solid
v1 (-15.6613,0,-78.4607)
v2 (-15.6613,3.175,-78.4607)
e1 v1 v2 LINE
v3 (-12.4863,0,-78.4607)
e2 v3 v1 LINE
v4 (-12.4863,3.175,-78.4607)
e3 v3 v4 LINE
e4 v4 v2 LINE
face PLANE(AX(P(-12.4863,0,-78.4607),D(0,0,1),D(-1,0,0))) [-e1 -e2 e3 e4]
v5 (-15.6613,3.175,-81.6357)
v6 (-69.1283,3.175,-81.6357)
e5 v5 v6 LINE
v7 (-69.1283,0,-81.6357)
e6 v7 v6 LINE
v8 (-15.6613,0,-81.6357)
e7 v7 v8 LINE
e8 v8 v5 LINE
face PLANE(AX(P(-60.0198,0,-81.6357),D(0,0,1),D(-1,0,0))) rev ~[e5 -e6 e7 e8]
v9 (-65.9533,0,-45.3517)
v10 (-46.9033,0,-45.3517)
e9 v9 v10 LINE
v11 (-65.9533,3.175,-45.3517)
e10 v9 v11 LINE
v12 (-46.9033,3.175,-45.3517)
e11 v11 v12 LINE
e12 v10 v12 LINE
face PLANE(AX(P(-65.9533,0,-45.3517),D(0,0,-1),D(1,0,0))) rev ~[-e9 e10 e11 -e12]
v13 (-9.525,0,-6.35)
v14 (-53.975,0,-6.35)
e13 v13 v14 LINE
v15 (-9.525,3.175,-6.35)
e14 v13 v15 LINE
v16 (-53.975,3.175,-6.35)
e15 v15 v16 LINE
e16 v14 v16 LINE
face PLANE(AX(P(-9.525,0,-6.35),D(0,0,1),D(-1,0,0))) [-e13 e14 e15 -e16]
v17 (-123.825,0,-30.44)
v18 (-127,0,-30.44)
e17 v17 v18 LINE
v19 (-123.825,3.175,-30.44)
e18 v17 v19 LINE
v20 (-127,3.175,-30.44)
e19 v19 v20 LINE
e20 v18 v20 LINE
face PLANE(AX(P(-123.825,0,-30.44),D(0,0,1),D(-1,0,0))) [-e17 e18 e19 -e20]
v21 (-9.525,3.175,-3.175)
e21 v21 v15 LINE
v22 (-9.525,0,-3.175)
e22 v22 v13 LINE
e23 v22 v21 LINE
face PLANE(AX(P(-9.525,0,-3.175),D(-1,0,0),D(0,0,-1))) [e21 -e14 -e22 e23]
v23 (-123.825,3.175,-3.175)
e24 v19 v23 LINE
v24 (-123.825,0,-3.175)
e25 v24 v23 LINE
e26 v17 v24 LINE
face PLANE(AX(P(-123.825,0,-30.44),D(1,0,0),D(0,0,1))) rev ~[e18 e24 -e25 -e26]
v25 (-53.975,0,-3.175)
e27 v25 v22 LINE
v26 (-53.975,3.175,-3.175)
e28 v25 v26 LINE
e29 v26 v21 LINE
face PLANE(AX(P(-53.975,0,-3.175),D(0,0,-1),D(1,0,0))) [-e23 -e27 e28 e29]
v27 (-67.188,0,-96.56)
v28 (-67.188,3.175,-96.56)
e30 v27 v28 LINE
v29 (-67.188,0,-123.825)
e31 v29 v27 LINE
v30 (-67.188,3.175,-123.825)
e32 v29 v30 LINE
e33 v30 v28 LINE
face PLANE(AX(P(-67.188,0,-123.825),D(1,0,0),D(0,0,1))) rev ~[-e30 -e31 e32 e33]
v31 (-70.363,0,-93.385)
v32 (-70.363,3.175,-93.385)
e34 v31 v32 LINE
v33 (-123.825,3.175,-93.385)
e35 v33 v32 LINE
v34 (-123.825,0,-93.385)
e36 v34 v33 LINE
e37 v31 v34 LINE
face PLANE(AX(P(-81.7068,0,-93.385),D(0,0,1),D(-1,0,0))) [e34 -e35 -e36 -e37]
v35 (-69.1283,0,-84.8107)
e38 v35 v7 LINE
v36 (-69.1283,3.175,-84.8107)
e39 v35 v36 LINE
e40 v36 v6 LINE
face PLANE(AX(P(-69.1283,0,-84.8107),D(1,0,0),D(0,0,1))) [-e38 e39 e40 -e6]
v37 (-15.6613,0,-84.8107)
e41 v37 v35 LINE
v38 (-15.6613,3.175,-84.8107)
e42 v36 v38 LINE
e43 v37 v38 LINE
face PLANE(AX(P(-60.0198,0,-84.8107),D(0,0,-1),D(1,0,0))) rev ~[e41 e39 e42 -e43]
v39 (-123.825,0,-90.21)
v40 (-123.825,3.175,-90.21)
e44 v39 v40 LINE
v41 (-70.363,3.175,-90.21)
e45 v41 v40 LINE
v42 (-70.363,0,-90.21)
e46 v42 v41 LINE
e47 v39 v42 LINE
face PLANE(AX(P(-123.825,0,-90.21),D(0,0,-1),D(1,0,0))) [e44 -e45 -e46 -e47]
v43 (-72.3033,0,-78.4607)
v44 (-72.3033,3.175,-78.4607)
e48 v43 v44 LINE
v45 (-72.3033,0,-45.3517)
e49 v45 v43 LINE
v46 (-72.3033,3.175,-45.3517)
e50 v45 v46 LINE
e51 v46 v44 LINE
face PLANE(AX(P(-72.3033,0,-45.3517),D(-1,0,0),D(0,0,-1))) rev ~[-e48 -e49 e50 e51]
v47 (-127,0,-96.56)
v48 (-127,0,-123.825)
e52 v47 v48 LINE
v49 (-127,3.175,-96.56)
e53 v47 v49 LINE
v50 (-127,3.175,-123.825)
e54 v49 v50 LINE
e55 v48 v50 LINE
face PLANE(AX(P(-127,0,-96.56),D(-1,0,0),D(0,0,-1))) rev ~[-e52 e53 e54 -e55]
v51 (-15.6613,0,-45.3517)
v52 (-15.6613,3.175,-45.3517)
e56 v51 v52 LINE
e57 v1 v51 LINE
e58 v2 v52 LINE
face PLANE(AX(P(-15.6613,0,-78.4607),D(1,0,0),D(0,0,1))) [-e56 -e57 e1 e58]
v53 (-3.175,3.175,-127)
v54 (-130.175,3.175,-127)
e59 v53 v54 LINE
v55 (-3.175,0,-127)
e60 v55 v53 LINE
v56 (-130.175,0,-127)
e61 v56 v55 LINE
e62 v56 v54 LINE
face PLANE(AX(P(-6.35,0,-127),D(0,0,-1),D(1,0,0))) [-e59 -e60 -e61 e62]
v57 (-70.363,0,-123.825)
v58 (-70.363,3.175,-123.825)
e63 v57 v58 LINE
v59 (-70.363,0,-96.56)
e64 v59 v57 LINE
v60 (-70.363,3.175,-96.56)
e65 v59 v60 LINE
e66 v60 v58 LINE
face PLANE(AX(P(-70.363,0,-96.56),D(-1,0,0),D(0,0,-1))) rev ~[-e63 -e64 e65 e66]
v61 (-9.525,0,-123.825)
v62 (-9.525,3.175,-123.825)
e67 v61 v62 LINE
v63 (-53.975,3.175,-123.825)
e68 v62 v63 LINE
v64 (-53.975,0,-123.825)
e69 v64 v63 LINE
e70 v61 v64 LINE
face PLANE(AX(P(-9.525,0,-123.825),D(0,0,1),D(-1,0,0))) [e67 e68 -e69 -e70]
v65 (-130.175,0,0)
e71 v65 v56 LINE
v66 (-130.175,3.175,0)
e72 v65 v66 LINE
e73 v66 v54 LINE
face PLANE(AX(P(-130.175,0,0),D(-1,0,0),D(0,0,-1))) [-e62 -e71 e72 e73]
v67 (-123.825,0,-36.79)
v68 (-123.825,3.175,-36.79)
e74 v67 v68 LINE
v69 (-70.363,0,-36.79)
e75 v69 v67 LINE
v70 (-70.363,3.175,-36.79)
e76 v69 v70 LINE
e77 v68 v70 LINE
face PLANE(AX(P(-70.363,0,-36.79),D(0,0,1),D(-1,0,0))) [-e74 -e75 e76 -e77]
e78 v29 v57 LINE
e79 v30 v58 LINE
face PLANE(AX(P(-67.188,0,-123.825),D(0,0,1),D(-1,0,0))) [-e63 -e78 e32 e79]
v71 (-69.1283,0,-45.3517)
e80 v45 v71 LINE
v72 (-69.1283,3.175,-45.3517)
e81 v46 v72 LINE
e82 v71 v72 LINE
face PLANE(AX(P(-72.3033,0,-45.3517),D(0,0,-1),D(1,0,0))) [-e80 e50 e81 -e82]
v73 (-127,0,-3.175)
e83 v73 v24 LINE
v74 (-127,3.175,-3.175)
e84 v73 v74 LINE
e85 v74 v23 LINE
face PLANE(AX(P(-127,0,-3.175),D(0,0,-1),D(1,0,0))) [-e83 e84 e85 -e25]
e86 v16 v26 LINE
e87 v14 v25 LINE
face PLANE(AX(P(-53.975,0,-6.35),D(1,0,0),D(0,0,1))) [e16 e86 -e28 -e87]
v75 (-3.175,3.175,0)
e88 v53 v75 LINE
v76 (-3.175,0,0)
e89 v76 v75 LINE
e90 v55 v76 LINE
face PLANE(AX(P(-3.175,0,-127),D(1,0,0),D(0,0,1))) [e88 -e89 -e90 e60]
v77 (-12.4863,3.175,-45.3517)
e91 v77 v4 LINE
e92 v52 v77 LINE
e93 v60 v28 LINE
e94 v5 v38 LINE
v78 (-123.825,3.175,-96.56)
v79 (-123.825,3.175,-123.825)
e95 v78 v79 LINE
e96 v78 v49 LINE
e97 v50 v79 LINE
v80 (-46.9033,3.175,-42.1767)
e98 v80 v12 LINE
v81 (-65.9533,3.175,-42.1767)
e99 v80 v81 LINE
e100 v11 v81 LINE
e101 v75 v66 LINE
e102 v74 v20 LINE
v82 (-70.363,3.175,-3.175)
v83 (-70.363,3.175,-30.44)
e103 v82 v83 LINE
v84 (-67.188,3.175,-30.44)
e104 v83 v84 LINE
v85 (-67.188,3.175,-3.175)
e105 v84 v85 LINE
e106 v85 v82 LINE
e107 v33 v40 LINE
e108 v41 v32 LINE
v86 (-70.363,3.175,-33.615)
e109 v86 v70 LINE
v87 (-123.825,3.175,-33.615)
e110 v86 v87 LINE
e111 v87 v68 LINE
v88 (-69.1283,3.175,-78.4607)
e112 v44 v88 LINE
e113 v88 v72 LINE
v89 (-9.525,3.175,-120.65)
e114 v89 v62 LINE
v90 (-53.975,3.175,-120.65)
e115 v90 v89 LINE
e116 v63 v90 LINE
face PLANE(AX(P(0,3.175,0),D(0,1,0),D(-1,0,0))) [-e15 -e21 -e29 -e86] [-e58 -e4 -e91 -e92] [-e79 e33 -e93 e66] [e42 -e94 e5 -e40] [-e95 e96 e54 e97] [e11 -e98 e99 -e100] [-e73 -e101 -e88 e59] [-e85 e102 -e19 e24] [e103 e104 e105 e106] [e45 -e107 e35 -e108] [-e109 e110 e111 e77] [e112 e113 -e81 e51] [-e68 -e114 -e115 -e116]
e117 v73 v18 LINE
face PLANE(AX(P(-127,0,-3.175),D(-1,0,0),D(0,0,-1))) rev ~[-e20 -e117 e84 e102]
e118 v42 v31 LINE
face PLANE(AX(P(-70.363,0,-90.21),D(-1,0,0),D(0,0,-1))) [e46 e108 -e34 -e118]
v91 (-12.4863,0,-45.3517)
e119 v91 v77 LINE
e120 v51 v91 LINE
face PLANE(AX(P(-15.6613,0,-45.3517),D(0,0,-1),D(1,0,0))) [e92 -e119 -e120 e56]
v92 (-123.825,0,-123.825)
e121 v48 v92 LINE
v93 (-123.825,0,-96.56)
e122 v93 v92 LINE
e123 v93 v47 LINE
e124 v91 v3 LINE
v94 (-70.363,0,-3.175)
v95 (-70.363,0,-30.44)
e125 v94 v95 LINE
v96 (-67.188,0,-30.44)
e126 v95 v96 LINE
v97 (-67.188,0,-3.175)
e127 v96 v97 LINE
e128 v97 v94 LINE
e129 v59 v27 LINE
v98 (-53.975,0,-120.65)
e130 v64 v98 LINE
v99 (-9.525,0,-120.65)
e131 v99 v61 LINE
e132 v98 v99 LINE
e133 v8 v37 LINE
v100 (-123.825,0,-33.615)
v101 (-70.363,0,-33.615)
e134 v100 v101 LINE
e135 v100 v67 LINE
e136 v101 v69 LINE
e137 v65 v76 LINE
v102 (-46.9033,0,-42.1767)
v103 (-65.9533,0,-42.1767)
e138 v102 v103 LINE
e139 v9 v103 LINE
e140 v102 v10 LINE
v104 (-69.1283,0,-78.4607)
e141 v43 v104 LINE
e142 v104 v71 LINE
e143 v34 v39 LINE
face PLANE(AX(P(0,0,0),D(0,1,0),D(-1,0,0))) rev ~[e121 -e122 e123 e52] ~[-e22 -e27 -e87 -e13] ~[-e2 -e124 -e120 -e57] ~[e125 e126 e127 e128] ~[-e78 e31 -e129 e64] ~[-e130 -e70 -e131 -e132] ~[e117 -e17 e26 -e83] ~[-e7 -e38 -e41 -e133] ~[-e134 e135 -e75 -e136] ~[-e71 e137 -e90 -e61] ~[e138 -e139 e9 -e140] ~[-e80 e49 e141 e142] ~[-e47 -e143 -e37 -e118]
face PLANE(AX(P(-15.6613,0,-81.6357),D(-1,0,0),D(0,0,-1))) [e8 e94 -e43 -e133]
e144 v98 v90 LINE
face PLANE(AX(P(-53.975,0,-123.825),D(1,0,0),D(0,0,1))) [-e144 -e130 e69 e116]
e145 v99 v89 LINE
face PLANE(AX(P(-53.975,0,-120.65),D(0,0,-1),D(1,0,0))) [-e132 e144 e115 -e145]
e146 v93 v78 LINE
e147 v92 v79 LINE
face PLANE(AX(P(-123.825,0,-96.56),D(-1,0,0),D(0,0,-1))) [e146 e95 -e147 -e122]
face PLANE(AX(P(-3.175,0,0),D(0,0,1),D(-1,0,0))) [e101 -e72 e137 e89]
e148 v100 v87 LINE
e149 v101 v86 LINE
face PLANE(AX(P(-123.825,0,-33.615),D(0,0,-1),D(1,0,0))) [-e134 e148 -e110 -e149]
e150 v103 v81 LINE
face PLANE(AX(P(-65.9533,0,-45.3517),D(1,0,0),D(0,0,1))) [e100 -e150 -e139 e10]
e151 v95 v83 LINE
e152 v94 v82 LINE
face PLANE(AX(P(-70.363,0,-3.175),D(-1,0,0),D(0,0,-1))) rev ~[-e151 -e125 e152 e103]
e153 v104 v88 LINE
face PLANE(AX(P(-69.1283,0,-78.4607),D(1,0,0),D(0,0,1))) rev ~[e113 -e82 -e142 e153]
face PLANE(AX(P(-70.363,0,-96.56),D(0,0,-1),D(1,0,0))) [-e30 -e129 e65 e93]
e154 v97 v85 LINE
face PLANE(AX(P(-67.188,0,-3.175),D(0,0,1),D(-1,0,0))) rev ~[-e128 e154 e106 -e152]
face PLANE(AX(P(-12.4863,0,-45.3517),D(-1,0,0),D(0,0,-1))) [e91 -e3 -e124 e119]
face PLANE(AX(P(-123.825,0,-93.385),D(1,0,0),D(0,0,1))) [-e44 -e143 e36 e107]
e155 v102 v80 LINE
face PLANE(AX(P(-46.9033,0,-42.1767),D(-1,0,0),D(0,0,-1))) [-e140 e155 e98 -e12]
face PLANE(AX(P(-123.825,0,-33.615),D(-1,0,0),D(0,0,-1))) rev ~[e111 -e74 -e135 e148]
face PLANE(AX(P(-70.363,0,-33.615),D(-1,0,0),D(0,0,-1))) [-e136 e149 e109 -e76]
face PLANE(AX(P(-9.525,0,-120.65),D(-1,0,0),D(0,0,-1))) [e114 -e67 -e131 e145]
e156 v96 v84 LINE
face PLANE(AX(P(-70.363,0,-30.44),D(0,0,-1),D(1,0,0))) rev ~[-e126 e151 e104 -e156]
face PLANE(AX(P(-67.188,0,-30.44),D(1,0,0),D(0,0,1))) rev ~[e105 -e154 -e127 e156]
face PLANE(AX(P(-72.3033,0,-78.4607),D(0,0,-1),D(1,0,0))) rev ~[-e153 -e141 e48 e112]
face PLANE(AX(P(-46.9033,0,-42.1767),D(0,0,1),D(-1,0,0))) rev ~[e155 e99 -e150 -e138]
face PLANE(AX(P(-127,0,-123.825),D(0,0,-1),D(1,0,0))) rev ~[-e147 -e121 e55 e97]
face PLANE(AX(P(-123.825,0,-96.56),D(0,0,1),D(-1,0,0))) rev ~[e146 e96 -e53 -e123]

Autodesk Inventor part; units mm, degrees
ref_plane "YZ Plane" through (0, 0, 0) normal (1, 0, 0) x (0, 1, 0)
ref_plane "XZ Plane" through (0, 0, 0) normal (0, 1, 0) x (-1, 0, 0)
ref_plane "XY Plane" through (0, 0, 0) normal (0, 0, 1) x (1, 0, 0)
sketch "Sketch1" plane through (0, 0, 0) normal (0, 1, 0) x (-1, 0, 0)
  line L0 (0, 0) -> (127, 0)
  line L1 (127, 0) -> (127, -127)
  line L2 (127, -127) -> (0, -127)
  line L3 (0, -127) -> (0, 0)
  line L4 (123.825, 0) -> (127, 0)
  line L5 (127, 0) -> (127, -33.615)
  line L6 (127, -33.615) -> (123.825, -33.615)
  line L7 (123.825, -33.615) -> (123.825, 0)
  line L8 (123.825, -33.615) -> (70.363, -33.615)
  line L9 (70.363, -33.615) -> (70.363, -36.79)
  line L10 (70.363, -36.79) -> (127, -36.79)
  line L11 (70.363, -36.79) -> (67.188, -36.79)
  line L12 (67.188, -36.79) -> (67.188, 0)
  line L13 (67.188, 0) -> (70.363, 0)
  line L14 (70.363, 0) -> (70.363, -36.79)
  line L15 (69.1283, -45.3517) -> (43.7283, -45.3517)
  line L16 (43.7283, -45.3517) -> (43.7283, -42.1767)
  line L17 (43.7283, -42.1767) -> (69.1283, -42.1767)
  line L18 (69.1283, -42.1767) -> (69.1283, -45.3517)
  line L19 (69.1283, -42.1767) -> (72.3033, -42.1767)
  line L20 (72.3033, -42.1767) -> (72.3033, -84.8107)
  line L21 (72.3033, -84.8107) -> (69.1283, -84.8107)
  line L22 (69.1283, -84.8107) -> (69.1283, -42.1767)
  line L23 (69.1283, -84.8107) -> (12.4863, -84.8107)
  line L24 (12.4863, -84.8107) -> (12.4863, -81.6357)
  line L25 (12.4863, -81.6357) -> (69.1283, -81.6357)
  line L26 (69.1283, -81.6357) -> (69.1283, -84.8107)
  line L27 (12.4863, -81.6357) -> (15.6613, -81.6357)
  line L28 (15.6613, -81.6357) -> (15.6613, -42.1767)
  line L29 (15.6613, -42.1767) -> (12.4863, -42.1767)
  line L30 (12.4863, -42.1767) -> (12.4863, -81.6357)
  line L31 (127, -90.21) -> (67.188, -90.21)
  line L32 (67.188, -90.21) -> (67.188, -93.385)
  line L33 (67.188, -93.385) -> (127, -93.385)
  line L34 (127, -93.385) -> (127, -90.21)
  line L35 (127, -93.385) -> (123.825, -93.385)
  line L36 (123.825, -93.385) -> (123.825, -127)
  line L37 (123.825, -127) -> (127, -127)
  line L38 (127, -127) -> (127, -93.385)
  line L39 (25.4, 0) -> (6.35, 0)
  line L40 (25.4, -127) -> (6.35, -127)
  line L41 (67.188, -90.21) -> (70.363, -90.21)
  line L42 (70.363, -90.21) -> (70.363, -127)
  line L43 (70.363, -127) -> (67.188, -127)
  line L44 (67.188, -127) -> (67.188, -90.21)
  line L45 (67.188, -3.175) -> (70.363, -3.175)
  line L46 (70.363, -3.175) -> (70.363, -33.615)
  line L47 (70.363, -33.615) -> (67.188, -33.615)
  line L48 (67.188, -33.615) -> (67.188, -3.175)
  line L49 (73.538, -33.615) -> (123.825, -33.615)
  line L50 (123.825, -33.615) -> (123.825, -36.79)
  line L51 (123.825, -36.79) -> (73.538, -36.79)
  line L52 (127, -3.175) -> (123.825, -3.175)
  line L53 (123.825, -3.175) -> (123.825, -30.44)
  line L54 (123.825, -30.44) -> (127, -30.44)
  line L55 (127, -30.44) -> (127, -3.175)
  line L56 (123.825, -90.21) -> (81.7068, -90.21)
  line L57 (81.7068, -93.385) -> (123.825, -93.385)
  line L58 (123.825, -93.385) -> (123.825, -90.21)
  line L59 (123.825, -96.56) -> (127, -96.56)
  line L60 (127, -96.56) -> (127, -123.825)
  line L61 (127, -123.825) -> (123.825, -123.825)
  line L62 (123.825, -123.825) -> (123.825, -96.56)
  line L63 (70.363, -96.56) -> (67.188, -96.56)
  line L64 (67.188, -96.56) -> (67.188, -123.825)
  line L65 (67.188, -123.825) -> (70.363, -123.825)
  line L66 (70.363, -123.825) -> (70.363, -96.56)
  line L67 (70.363, -30.44) -> (67.188, -30.44)
  line L68 (72.3033, -45.3517) -> (69.1283, -45.3517)
  line L69 (69.1283, -45.3517) -> (69.1283, -81.6357)
  line L70 (69.1283, -81.6357) -> (72.3033, -81.6357)
  line L71 (72.3033, -81.6357) -> (72.3033, -45.3517)
  line L72 (65.9533, -42.1767) -> (46.9033, -42.1767)
  line L73 (46.9033, -42.1767) -> (46.9033, -45.3517)
  line L74 (46.9033, -45.3517) -> (65.9533, -45.3517)
  line L75 (65.9533, -45.3517) -> (65.9533, -42.1767)
  line L76 (60.0198, -81.6357) -> (15.6613, -81.6357)
  line L77 (15.6613, -81.6357) -> (15.6613, -84.8107)
  line L78 (15.6613, -84.8107) -> (60.0198, -84.8107)
  line L79 (15.6613, -45.3517) -> (12.4863, -45.3517)
  line L80 (12.4863, -45.3517) -> (12.4863, -78.4607)
  line L81 (12.4863, -78.4607) -> (15.6613, -78.4607)
  line L82 (15.6613, -78.4607) -> (15.6613, -45.3517)
  line L83 (72.3033, -78.4607) -> (69.1283, -78.4607)
  line L84 (22.225, 0) -> (9.525, 0)
  line L85 (9.525, -127) -> (22.225, -127)
  line L86 (57.15, -3.175) -> (6.35, -3.175)
  line L87 (6.35, -3.175) -> (6.35, -6.35)
  line L88 (6.35, -6.35) -> (57.15, -6.35)
  line L89 (57.15, -6.35) -> (57.15, -3.175)
  line L90 (53.975, -3.175) -> (9.525, -3.175)
  line L91 (9.525, -3.175) -> (9.525, -6.35)
  line L92 (9.525, -6.35) -> (53.975, -6.35)
  line L93 (53.975, -6.35) -> (53.975, -3.175)
  line L94 (127, 0) -> (130.175, 0)
  line L95 (130.175, 0) -> (130.175, -127)
  line L96 (130.175, -127) -> (127, -127)
  line L97 (127, -127) -> (127, 0)
  line L98 (3.175, 0) -> (0, 0)
  line L99 (0, 0) -> (0, -127)
  line L100 (0, -127) -> (3.175, -127)
  line L101 (3.175, -127) -> (3.175, 0)
  line L102 (57.15, -120.65) -> (6.35, -120.65)
  line L103 (6.35, -120.65) -> (6.35, -123.825)
  line L104 (6.35, -123.825) -> (57.15, -123.825)
  line L105 (57.15, -123.825) -> (57.15, -120.65)
  line L106 (53.975, -120.65) -> (9.525, -120.65)
  line L107 (9.525, -120.65) -> (9.525, -123.825)
  line L108 (9.525, -123.825) -> (53.975, -123.825)
  line L109 (53.975, -123.825) -> (53.975, -120.65)
  point P0 (97.094, -33.615)
  point P1 (123.825, -110.1925)
  point P2 (123.825, -16.8075)
  point P3 (43.7283, -43.7642)
  point P4 (56.4283, -42.1767)
  point P5 (125.4125, 0)
  point P6 (125.4125, -3.175)
  point P7 (125.4125, -33.615)
  point P8 (70.363, -35.2025)
  point P9 (68.7755, -36.79)
  point P10 (68.7755, -33.615)
  point P11 (68.7755, 0)
  point P12 (68.7755, -3.175)
  point P13 (68.7755, -127)
  point P14 (68.7755, -123.825)
  point P15 (69.1283, -43.7642)
  point P16 (46.9033, -43.7642)
  point P17 (70.7158, -42.1767)
  point P18 (12.4863, -83.2232)
  point P19 (14.0738, -81.6357)
  point P20 (14.0738, -78.4607)
  point P21 (14.0738, -42.1767)
  point P22 (14.0738, -45.3517)
  point P23 (70.363, -93.385)
  point P24 (70.363, -30.44)
  point P25 (127, -96.56)
  point P26 (127, -30.44)
  point P27 (123.825, -33.615)
  point P28 (46.9033, -42.1767)
  point P29 (67.188, -96.56)
  point P30 (53.975, -4.7625)
  point P31 (53.975, -122.2375)
  point P32 (6.35, -122.2375)
  point P33 (15.875, -127)
  point P34 (127, -93.385)
  point P35 (53.975, -6.35)
  dimension "d0" = 127
  dimension "d2" = 127
  dimension "d5" = 33.615
  dimension "d6" = 33.615
  dimension "d7" = 53.462
  dimension "d8" = 53.462
  dimension "d9" = 3.175
  dimension "d10" = 3.175
  dimension "d11" = 3.175
  dimension "d12" = 3.175
  dimension "d13" = 3.175
  dimension "d14" = 3.175
  dimension "d19" = 36.284
  dimension "d20" = 25.4
  dimension "d21" = 3.175
  dimension "d22" = 3.175
  dimension "d23" = 3.175
  dimension "d24" = 3.175
  dimension "d25" = 53.467
  dimension "d27" = 42.1767
  dimension "d28" = 3.175
  dimension "d29" = 3.175
  dimension "d30" = 3.175
  dimension "d32" = 3.175
  dimension "d33" = 3.175
  dimension "d34" = 3.175
  dimension "d35" = 3.175
  dimension "d36" = 3.175
  dimension "d37" = 3.175
  dimension "d38" = 3.175
  dimension "d39" = 3.175
  dimension "d40" = 3.175
  dimension "d41" = 3.175
  dimension "d42" = 3.175
  dimension "d43" = 3.175
  dimension "d44" = 3.175
  dimension "d45" = 3.175
  dimension "d46" = 3.175
  dimension "d51" = 3.175
  dimension "d52" = 3.175
  dimension "d53" = 3.175
  dimension "d54" = 50.8
  dimension "d55" = 3.175
  dimension "d56" = 6.35
  dimension "d57" = 3.175
  dimension "d58" = 3.175
  dimension "d59" = 3.175
  dimension "d60" = 3.175
  dimension "d61" = 3.175
  dimension "d62" = 50.8
  dimension "d63" = 6.35
  dimension "d64" = 3.175
  dimension "d65" = 9.3112
extrude "Extrusion1" add sketch "Sketch1" along normal blind 3.175 contours L0 L12 L11 L10 L1 L31 L32 L44 L2 L101 | L0 L14 L45 L12 | L0 L7 L8 L14 | L44 L65 L42 L2 | L0 L1 L52 L7 | L67 L14 L47 L12 | L42 L33 L36 L2 | L94 L95 L96 L1 | L47 L9 L11 L12 | L36 L61 L1 L2 | L44 L33 L42 L63 | L54 L1 L6 L7 | L32 L31 L42 L33 | L6 L1 L10 L50 | L36 L33 L1 L59 | L58 L31 L1 L33 | L15 L75 L17 L18 | L18 L19 L20 L68 | L83 L20 L70 L22 | L15 L16 L17 L73 | L70 L20 L21 L22 | L77 L23 L24 L25 | L25 L30 L81 L28 | L79 L30 L29 L28 | L89 L88 L93 L86 | L91 L88 L87 L86 | L105 L104 L109 L102 | L107 L104 L103 L102
equation "\"d3\" = d41"
properties part number "base"
